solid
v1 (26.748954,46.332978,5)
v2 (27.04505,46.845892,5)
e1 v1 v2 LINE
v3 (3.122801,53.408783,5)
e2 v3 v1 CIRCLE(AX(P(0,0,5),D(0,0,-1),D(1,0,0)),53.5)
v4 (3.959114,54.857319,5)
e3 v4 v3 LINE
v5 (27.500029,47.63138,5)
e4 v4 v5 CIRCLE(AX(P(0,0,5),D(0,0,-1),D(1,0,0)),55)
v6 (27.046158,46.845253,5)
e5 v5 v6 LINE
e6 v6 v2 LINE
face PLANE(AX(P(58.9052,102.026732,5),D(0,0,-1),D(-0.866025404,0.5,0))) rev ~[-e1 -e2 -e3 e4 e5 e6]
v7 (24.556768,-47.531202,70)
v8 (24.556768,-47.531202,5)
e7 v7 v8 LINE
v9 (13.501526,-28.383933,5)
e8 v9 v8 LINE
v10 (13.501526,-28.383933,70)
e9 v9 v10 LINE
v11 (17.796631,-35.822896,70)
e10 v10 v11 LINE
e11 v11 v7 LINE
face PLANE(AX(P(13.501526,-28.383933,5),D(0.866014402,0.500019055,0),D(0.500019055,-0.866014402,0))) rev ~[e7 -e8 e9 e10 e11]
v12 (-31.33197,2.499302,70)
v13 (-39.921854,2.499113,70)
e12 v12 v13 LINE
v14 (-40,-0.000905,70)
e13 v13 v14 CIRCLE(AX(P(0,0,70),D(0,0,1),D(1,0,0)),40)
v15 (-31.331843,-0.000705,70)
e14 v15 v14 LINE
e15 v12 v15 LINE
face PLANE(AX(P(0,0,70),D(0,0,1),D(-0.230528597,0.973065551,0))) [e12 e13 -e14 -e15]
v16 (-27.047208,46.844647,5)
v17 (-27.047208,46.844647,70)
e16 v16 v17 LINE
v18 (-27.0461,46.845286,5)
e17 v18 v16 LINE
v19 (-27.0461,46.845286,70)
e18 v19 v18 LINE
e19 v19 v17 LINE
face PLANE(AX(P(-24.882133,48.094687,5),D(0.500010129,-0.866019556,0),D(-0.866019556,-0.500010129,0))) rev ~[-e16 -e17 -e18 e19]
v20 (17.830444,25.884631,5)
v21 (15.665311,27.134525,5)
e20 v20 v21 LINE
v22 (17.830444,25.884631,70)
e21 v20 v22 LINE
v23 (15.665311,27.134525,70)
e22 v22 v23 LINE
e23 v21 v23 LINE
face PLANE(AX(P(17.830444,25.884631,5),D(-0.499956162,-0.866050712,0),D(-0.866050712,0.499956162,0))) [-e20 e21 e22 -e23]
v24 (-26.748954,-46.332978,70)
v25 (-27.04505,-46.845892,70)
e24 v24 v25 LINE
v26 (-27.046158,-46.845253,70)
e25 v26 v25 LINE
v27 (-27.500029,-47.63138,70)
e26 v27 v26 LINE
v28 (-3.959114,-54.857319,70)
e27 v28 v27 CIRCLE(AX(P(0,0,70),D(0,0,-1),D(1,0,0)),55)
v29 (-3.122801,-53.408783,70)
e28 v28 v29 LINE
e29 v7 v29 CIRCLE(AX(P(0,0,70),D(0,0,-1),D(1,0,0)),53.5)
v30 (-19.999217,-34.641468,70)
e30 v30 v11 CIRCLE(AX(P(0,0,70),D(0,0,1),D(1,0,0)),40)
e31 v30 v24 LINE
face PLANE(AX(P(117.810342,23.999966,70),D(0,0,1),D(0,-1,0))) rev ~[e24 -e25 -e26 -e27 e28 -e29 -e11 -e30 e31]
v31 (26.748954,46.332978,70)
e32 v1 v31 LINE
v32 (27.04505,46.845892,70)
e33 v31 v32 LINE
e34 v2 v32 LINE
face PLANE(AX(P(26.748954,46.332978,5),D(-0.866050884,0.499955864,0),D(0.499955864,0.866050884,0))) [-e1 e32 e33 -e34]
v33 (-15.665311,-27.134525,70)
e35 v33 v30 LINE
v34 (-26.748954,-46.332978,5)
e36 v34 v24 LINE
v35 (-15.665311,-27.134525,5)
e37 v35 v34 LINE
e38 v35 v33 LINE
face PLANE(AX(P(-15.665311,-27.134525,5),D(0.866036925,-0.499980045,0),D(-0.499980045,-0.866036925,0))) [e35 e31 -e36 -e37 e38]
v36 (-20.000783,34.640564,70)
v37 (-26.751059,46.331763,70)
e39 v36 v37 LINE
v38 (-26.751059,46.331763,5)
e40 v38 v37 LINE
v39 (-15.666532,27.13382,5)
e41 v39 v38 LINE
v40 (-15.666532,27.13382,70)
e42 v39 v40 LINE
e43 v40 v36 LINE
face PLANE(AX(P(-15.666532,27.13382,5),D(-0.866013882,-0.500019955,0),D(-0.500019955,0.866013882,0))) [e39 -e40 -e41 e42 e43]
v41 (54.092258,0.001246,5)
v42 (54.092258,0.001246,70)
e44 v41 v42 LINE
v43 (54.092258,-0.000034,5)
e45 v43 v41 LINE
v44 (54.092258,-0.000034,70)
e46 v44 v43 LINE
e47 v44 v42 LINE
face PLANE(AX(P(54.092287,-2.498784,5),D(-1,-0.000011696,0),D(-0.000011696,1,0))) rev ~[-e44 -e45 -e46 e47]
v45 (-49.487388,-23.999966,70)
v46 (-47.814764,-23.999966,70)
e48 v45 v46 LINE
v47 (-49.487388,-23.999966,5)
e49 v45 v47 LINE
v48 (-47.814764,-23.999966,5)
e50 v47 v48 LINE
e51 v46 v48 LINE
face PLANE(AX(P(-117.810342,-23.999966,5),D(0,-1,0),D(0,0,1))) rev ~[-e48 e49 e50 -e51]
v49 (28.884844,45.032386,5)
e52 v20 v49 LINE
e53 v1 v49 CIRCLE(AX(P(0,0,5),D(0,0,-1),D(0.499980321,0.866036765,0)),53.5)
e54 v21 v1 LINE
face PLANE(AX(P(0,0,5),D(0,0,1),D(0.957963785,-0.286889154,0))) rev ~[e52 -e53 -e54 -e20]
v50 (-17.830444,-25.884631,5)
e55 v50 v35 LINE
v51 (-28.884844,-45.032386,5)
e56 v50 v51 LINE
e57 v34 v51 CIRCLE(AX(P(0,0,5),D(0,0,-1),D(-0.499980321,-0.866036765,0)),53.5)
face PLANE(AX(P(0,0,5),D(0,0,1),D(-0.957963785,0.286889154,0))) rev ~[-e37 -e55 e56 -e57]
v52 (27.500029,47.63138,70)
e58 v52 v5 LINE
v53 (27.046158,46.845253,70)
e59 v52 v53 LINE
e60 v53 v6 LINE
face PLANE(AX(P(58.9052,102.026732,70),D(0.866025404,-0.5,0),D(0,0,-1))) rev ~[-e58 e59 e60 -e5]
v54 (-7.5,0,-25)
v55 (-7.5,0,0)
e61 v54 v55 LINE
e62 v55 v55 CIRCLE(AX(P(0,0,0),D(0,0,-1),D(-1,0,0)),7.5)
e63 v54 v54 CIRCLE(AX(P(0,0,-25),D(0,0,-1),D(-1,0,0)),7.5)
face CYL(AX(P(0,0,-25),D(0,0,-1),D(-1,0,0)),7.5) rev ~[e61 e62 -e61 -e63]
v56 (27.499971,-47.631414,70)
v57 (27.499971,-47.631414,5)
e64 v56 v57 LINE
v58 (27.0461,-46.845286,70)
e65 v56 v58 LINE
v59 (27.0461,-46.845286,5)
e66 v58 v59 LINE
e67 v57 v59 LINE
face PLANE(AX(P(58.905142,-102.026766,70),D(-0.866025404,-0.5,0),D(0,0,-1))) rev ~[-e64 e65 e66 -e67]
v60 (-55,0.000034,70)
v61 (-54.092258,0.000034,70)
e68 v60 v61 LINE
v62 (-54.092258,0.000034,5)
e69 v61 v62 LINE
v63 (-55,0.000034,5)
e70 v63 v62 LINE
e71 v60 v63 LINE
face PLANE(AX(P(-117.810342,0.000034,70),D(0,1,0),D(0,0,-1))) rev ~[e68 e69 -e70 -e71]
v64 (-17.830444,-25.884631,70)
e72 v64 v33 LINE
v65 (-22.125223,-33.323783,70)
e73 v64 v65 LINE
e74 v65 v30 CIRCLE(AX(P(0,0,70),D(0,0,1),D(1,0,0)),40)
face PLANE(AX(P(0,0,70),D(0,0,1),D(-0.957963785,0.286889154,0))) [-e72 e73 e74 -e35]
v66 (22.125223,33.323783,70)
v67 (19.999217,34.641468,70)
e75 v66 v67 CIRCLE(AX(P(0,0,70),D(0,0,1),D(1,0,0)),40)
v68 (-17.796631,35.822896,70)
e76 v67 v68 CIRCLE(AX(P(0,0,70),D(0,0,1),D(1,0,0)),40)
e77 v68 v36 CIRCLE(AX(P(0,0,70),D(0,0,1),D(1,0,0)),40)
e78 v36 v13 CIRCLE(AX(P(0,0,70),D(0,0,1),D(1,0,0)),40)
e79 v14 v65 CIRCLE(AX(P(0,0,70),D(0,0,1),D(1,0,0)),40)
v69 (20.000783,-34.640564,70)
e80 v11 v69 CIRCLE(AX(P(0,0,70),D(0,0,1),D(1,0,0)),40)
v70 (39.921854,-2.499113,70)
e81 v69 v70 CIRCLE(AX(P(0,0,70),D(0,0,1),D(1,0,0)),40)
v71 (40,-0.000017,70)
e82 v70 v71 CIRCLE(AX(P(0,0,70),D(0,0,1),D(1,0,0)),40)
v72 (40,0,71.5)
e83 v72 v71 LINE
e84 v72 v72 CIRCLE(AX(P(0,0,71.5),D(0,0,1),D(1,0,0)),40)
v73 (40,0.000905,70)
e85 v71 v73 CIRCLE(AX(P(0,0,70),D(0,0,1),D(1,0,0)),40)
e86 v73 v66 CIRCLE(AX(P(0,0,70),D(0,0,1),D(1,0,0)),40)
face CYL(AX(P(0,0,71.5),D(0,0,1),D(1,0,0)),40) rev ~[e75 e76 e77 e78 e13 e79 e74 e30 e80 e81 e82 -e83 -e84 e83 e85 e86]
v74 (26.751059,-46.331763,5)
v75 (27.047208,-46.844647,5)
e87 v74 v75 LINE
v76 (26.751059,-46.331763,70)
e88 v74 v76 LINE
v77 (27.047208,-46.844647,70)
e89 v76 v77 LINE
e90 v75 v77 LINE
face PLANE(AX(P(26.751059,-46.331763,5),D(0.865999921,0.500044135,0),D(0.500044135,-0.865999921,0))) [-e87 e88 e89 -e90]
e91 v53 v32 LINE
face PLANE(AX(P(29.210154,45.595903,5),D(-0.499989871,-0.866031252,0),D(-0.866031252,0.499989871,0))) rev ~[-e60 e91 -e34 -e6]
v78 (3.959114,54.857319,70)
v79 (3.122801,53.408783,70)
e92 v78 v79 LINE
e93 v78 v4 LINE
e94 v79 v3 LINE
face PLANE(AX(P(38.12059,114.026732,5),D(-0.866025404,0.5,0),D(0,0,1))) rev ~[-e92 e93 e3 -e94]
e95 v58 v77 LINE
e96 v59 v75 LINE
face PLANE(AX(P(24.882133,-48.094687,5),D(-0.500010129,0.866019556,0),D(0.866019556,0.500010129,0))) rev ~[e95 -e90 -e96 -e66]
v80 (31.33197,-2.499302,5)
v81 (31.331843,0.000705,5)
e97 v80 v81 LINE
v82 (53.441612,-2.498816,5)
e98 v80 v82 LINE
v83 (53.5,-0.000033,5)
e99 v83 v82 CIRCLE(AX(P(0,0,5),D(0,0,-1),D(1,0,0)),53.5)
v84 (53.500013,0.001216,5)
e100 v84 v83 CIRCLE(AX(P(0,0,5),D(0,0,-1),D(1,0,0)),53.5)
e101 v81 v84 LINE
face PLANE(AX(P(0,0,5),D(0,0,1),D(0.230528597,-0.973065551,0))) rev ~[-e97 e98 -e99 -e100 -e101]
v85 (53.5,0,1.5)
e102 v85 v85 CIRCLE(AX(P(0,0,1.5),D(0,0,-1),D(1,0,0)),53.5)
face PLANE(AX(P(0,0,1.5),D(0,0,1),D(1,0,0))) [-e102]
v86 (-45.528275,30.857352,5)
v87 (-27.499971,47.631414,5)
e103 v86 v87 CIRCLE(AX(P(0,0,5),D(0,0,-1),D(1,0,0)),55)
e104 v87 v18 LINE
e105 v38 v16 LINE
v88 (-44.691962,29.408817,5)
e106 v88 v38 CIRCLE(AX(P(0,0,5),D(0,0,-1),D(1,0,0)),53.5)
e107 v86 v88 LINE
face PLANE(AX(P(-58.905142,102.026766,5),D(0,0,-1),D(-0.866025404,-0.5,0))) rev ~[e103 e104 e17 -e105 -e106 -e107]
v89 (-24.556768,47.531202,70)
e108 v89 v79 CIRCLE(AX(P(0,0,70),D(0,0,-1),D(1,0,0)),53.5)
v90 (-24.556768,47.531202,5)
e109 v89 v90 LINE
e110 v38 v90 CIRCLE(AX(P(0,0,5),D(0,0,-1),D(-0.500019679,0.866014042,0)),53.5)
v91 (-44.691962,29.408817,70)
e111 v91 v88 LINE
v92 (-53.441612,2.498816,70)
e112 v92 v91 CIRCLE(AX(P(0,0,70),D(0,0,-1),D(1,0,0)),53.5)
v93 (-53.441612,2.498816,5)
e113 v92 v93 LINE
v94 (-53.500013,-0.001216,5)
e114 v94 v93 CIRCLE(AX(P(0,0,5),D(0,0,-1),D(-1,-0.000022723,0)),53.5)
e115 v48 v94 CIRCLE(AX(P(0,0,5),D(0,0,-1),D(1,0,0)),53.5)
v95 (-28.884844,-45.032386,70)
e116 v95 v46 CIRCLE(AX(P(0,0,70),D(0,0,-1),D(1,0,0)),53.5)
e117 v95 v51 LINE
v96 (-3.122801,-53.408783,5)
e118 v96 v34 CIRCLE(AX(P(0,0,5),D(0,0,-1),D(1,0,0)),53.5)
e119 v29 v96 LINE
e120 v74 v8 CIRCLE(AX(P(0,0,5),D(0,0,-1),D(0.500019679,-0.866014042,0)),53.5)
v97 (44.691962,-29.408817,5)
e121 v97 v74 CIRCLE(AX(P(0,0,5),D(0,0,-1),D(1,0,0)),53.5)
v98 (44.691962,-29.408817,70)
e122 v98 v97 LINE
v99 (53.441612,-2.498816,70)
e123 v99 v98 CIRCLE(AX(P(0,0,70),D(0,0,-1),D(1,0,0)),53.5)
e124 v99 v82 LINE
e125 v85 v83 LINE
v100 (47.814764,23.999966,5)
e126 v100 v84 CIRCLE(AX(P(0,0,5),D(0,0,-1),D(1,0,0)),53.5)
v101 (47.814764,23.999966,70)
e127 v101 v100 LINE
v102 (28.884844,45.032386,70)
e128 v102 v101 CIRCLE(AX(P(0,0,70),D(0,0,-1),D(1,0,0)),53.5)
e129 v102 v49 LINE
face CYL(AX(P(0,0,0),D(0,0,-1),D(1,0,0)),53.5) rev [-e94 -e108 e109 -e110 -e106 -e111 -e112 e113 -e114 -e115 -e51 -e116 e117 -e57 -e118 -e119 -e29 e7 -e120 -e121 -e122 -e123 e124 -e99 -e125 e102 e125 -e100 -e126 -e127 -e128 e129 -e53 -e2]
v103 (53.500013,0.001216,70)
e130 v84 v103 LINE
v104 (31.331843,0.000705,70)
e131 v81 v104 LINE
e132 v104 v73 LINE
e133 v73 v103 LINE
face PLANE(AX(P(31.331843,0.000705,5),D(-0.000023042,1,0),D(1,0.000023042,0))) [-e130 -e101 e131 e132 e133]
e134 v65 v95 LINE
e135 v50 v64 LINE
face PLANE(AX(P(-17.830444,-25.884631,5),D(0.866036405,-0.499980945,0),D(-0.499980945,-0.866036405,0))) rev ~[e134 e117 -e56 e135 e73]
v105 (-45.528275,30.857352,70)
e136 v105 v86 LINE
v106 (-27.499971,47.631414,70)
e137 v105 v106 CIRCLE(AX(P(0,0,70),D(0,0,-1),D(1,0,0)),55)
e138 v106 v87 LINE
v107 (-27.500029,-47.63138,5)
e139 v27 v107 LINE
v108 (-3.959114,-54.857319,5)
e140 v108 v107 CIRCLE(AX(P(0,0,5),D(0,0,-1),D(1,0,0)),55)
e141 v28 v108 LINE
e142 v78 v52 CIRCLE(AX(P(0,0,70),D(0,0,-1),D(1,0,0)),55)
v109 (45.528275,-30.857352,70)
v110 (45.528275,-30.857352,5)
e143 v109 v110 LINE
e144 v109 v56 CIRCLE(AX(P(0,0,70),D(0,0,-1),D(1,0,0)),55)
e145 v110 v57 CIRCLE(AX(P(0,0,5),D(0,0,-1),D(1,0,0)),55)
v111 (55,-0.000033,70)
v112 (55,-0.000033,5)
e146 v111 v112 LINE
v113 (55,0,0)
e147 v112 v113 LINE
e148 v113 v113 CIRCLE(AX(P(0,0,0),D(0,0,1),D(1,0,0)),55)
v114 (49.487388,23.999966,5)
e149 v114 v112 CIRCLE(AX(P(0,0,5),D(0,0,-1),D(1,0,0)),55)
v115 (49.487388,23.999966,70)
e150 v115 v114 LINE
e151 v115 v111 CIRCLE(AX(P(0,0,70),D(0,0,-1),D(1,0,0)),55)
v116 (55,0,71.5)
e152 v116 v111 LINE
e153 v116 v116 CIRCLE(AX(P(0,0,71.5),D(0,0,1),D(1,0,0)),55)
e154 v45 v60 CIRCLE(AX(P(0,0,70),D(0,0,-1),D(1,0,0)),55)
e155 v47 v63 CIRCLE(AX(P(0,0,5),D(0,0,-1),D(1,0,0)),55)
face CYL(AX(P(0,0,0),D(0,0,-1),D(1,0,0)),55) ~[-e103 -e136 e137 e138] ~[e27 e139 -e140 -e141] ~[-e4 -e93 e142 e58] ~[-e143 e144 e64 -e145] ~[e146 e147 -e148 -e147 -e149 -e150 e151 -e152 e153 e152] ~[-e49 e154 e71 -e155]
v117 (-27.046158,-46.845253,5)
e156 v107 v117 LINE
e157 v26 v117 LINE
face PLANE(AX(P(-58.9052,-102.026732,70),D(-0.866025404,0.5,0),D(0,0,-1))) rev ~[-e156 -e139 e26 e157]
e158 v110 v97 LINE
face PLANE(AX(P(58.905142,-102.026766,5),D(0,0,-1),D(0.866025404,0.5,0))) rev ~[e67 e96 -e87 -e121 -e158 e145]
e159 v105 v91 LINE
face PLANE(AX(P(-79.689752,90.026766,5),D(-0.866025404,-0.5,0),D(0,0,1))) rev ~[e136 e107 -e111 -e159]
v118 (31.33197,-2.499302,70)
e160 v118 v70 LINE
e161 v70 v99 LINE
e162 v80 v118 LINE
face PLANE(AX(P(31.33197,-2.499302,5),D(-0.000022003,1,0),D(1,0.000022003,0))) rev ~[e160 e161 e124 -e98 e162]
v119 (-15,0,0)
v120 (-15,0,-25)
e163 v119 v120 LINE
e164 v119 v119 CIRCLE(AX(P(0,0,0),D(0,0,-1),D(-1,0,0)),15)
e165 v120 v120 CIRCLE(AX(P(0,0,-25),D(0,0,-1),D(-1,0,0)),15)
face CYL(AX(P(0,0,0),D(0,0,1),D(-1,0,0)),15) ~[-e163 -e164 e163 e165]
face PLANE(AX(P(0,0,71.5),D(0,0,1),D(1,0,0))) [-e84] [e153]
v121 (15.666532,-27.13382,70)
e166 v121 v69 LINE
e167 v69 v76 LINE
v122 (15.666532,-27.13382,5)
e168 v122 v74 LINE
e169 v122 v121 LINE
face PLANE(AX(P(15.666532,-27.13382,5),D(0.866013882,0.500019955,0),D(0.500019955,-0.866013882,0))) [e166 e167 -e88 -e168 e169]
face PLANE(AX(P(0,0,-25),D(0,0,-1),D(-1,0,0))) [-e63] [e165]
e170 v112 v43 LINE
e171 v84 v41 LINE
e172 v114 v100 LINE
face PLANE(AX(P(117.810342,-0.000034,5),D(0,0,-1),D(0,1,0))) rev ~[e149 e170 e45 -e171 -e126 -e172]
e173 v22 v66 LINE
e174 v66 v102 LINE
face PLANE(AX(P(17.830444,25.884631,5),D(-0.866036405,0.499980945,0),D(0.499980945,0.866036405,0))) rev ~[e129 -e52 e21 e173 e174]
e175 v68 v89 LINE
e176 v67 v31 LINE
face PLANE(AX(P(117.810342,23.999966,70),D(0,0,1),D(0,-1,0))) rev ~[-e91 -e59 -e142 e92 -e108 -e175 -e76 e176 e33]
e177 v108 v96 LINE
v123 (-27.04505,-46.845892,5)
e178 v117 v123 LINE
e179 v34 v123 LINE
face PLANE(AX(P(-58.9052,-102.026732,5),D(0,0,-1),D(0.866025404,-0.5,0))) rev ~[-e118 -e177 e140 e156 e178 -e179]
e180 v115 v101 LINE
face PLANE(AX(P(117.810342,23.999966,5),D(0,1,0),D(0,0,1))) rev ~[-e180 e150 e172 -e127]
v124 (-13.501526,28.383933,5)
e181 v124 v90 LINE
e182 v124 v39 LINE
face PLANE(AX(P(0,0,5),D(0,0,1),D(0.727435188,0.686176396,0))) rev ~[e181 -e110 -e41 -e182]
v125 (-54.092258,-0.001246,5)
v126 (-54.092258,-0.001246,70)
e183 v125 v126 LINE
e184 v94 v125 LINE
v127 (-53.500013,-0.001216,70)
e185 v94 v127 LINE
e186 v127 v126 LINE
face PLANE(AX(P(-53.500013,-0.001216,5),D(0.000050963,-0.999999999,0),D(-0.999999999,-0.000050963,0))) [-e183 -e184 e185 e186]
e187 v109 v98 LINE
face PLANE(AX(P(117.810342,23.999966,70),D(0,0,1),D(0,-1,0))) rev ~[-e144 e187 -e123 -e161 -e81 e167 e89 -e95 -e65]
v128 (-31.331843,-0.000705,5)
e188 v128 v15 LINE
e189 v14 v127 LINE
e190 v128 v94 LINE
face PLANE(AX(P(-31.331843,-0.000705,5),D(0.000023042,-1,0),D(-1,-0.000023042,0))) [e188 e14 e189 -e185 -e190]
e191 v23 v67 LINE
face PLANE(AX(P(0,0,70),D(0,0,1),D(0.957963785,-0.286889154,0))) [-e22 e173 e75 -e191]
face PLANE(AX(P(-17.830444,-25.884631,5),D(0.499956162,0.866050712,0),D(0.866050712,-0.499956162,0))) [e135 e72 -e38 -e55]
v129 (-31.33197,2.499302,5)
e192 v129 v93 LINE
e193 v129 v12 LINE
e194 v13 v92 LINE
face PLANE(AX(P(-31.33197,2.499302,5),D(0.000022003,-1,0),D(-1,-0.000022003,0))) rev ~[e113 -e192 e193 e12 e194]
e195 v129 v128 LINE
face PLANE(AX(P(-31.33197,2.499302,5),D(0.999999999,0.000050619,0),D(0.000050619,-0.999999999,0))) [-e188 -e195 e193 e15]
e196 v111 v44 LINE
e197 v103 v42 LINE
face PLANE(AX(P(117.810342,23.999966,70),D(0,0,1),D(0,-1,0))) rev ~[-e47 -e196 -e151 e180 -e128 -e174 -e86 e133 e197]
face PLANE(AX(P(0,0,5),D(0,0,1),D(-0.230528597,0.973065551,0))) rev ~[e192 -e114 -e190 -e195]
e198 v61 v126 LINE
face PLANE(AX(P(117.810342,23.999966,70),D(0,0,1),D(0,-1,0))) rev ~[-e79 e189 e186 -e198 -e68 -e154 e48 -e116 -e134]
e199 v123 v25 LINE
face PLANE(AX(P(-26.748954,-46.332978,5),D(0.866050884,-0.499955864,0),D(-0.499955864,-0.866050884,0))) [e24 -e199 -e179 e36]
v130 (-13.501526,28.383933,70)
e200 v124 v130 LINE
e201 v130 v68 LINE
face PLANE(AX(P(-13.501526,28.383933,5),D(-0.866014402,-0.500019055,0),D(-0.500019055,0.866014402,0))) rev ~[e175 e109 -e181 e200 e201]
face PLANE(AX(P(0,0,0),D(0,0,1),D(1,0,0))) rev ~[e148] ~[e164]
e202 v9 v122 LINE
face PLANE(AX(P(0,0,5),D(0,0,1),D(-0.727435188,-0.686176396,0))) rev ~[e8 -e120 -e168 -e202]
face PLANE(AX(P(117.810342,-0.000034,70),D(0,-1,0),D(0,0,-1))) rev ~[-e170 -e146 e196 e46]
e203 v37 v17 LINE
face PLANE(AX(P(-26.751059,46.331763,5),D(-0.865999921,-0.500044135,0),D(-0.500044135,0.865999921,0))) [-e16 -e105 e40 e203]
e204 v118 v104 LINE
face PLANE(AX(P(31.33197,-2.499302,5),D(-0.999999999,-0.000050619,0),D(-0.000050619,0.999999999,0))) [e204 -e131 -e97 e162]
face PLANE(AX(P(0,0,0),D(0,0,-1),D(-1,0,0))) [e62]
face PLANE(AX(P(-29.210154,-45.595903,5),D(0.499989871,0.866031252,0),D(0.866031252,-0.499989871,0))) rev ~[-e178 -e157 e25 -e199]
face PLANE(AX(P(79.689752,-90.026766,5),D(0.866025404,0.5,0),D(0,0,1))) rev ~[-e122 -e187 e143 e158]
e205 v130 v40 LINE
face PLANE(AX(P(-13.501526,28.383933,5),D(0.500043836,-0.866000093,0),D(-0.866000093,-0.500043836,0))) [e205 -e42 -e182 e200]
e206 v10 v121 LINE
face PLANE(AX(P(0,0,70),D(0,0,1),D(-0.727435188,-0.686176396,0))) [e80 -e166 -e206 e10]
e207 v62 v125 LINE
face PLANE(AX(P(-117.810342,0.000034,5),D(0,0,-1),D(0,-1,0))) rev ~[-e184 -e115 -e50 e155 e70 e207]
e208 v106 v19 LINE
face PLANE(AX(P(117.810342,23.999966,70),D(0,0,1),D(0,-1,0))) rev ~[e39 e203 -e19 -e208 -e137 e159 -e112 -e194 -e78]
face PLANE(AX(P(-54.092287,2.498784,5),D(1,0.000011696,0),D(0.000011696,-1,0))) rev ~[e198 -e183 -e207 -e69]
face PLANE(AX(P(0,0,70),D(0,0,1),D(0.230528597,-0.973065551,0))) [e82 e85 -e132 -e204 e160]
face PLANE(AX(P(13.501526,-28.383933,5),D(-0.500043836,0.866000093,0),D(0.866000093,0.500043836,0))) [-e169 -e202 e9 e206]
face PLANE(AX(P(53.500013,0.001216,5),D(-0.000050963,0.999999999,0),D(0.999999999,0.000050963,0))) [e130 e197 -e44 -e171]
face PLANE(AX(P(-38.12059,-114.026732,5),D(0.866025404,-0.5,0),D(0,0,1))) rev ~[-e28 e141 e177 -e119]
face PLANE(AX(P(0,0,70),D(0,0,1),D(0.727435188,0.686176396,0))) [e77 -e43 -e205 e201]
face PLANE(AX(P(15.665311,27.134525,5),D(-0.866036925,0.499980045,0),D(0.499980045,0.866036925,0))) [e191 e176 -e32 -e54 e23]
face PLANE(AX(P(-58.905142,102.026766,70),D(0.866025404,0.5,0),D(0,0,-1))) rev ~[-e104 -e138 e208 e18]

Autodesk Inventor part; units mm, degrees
ref_plane "YZ Plane" through (0, 0, 0) normal (1, 0, 0) x (0, 1, 0)
ref_plane "XZ Plane" through (0, 0, 0) normal (0, 1, 0) x (-1, 0, 0)
sketch "Sketch1" plane through (0, 0, 0) normal (0, 0, 1) x (1, 0, 0)
  circle A0 centre (0, 0) radius 55
  dimension "d0" = 110
extrude "Extrusion1" add sketch "Sketch1" along normal blind 71.5
shell "Shell1" thickness 1.5 removed faces 1 at (13.749, -10.4033, 71.5)
sketch "Sketch2" plane through (0, 0, 71.5) normal (0, 0, 1) x (1, 0, 0)
  circle A0 centre (0, 0) radius 55 projected
  circle A1 centre (0, 0) radius 55
  circle A2 centre (0, 0) radius 40
  dimension "d4" = 110
  dimension "d5" = 80
extrude "Extrusion2" add sketch "Sketch2" against normal blind 1.5
sketch "Sketch3" plane through (0, 0, 0) normal (0, 0, -1) x (-1, 0, 0)
  circle A0 centre (0, 0) radius 15
  dimension "d8" = 30
extrude "Extrusion3" add sketch "Sketch3" along normal blind 25
sketch "Sketch4" plane through (0, 0, -25) normal (0, 0, -1) x (-1, 0, 0)
  circle A0 centre (0, 0) radius 7.5
  dimension "d11" = 15
extrude "Extrusion4" cut sketch "Sketch4" against normal blind 25
sketch "Sketch5" plane through (0, 0, 1.5) normal (0, 0, 1) x (1, 0, 0)
  circle A0 centre (0, 0) radius 7.5 construction
  line L0 (0, 0) -> (0, -95.8386) construction
  line L1 (0, 0) -> (-58.9042, -102.025)
  dimension "d14" = 30
ref_plane "Work Plane1" through (-58.9042, -102.025, 1.5) normal (-0.5, -0.866, 0) x (0.866, -0.5, 0)
sketch "Sketch7" plane through (-58.9042, -102.025, 1.5) normal (-0.5, -0.866, 0) x (0.866, -0.5, 0)
  line L0 (53.5, 0) -> (-53.5, 0) projected
  line L1 (55, -1.5) -> (-55, -1.5) projected
  line L2 (0, 3.5) -> (24, 3.5)
  line L3 (24, 3.5) -> (24, 68.5)
  line L4 (24, 68.5) -> (0, 68.5)
  line L5 (0, 68.5) -> (0, 3.5)
  line L6 (55, 70) -> (-55, 70) projected
  point P0 (0, -1.5)
  point P1 (0, -1.5)
  dimension "d18" = 5
  dimension "d19" = 65
  dimension "d20" = 24
  dimension "d21" = 0
  dimension "d22" = 1.5
extrude "Extrusion5" cut sketch "Sketch7" against normal blind 110.75
pattern_circular "Circular Pattern1" count 6 over 360 about axis through (0, 0, 0) along (0, 0, 1) of "Extrusion5"
sketch "Sketch12" plane through (0, 0, 5) normal (0, 0, 1) x (0.958, -0.2869, 0)
  line L0 (9.6549, 29.9119) -> (14.7648, 51.483)
  line L1 (14.7648, 51.483) -> (14.9013, 52.0593)
  line L2 (7.2222, 30.4881) -> (12.3321, 52.0593)
  line L3 (12.3321, 52.0593) -> (12.4686, 52.6356)
  line L4 (14.9013, 52.0593) -> (12.4686, 52.6356)
  line L5 (12.6779, 53.5189) -> (12.3321, 52.0593) projected
  line L6 (9.6549, 29.9119) -> (7.2222, 30.4881)
  point P0 (0, 0)
  point P1 (8.4385, 30.2)
  dimension "d34" = 2.5
  dimension "d35" = 30.2
extrude "Extrusion7" add sketch "Sketch12" along normal blind 65
pattern_circular "Circular Pattern2" count 6 over 360 about axis through (0, 0, -25) along (0, 0, 1) of "Extrusion7"
properties part number "Cilindro do Motor Industrial" material "Iron, Cast"
